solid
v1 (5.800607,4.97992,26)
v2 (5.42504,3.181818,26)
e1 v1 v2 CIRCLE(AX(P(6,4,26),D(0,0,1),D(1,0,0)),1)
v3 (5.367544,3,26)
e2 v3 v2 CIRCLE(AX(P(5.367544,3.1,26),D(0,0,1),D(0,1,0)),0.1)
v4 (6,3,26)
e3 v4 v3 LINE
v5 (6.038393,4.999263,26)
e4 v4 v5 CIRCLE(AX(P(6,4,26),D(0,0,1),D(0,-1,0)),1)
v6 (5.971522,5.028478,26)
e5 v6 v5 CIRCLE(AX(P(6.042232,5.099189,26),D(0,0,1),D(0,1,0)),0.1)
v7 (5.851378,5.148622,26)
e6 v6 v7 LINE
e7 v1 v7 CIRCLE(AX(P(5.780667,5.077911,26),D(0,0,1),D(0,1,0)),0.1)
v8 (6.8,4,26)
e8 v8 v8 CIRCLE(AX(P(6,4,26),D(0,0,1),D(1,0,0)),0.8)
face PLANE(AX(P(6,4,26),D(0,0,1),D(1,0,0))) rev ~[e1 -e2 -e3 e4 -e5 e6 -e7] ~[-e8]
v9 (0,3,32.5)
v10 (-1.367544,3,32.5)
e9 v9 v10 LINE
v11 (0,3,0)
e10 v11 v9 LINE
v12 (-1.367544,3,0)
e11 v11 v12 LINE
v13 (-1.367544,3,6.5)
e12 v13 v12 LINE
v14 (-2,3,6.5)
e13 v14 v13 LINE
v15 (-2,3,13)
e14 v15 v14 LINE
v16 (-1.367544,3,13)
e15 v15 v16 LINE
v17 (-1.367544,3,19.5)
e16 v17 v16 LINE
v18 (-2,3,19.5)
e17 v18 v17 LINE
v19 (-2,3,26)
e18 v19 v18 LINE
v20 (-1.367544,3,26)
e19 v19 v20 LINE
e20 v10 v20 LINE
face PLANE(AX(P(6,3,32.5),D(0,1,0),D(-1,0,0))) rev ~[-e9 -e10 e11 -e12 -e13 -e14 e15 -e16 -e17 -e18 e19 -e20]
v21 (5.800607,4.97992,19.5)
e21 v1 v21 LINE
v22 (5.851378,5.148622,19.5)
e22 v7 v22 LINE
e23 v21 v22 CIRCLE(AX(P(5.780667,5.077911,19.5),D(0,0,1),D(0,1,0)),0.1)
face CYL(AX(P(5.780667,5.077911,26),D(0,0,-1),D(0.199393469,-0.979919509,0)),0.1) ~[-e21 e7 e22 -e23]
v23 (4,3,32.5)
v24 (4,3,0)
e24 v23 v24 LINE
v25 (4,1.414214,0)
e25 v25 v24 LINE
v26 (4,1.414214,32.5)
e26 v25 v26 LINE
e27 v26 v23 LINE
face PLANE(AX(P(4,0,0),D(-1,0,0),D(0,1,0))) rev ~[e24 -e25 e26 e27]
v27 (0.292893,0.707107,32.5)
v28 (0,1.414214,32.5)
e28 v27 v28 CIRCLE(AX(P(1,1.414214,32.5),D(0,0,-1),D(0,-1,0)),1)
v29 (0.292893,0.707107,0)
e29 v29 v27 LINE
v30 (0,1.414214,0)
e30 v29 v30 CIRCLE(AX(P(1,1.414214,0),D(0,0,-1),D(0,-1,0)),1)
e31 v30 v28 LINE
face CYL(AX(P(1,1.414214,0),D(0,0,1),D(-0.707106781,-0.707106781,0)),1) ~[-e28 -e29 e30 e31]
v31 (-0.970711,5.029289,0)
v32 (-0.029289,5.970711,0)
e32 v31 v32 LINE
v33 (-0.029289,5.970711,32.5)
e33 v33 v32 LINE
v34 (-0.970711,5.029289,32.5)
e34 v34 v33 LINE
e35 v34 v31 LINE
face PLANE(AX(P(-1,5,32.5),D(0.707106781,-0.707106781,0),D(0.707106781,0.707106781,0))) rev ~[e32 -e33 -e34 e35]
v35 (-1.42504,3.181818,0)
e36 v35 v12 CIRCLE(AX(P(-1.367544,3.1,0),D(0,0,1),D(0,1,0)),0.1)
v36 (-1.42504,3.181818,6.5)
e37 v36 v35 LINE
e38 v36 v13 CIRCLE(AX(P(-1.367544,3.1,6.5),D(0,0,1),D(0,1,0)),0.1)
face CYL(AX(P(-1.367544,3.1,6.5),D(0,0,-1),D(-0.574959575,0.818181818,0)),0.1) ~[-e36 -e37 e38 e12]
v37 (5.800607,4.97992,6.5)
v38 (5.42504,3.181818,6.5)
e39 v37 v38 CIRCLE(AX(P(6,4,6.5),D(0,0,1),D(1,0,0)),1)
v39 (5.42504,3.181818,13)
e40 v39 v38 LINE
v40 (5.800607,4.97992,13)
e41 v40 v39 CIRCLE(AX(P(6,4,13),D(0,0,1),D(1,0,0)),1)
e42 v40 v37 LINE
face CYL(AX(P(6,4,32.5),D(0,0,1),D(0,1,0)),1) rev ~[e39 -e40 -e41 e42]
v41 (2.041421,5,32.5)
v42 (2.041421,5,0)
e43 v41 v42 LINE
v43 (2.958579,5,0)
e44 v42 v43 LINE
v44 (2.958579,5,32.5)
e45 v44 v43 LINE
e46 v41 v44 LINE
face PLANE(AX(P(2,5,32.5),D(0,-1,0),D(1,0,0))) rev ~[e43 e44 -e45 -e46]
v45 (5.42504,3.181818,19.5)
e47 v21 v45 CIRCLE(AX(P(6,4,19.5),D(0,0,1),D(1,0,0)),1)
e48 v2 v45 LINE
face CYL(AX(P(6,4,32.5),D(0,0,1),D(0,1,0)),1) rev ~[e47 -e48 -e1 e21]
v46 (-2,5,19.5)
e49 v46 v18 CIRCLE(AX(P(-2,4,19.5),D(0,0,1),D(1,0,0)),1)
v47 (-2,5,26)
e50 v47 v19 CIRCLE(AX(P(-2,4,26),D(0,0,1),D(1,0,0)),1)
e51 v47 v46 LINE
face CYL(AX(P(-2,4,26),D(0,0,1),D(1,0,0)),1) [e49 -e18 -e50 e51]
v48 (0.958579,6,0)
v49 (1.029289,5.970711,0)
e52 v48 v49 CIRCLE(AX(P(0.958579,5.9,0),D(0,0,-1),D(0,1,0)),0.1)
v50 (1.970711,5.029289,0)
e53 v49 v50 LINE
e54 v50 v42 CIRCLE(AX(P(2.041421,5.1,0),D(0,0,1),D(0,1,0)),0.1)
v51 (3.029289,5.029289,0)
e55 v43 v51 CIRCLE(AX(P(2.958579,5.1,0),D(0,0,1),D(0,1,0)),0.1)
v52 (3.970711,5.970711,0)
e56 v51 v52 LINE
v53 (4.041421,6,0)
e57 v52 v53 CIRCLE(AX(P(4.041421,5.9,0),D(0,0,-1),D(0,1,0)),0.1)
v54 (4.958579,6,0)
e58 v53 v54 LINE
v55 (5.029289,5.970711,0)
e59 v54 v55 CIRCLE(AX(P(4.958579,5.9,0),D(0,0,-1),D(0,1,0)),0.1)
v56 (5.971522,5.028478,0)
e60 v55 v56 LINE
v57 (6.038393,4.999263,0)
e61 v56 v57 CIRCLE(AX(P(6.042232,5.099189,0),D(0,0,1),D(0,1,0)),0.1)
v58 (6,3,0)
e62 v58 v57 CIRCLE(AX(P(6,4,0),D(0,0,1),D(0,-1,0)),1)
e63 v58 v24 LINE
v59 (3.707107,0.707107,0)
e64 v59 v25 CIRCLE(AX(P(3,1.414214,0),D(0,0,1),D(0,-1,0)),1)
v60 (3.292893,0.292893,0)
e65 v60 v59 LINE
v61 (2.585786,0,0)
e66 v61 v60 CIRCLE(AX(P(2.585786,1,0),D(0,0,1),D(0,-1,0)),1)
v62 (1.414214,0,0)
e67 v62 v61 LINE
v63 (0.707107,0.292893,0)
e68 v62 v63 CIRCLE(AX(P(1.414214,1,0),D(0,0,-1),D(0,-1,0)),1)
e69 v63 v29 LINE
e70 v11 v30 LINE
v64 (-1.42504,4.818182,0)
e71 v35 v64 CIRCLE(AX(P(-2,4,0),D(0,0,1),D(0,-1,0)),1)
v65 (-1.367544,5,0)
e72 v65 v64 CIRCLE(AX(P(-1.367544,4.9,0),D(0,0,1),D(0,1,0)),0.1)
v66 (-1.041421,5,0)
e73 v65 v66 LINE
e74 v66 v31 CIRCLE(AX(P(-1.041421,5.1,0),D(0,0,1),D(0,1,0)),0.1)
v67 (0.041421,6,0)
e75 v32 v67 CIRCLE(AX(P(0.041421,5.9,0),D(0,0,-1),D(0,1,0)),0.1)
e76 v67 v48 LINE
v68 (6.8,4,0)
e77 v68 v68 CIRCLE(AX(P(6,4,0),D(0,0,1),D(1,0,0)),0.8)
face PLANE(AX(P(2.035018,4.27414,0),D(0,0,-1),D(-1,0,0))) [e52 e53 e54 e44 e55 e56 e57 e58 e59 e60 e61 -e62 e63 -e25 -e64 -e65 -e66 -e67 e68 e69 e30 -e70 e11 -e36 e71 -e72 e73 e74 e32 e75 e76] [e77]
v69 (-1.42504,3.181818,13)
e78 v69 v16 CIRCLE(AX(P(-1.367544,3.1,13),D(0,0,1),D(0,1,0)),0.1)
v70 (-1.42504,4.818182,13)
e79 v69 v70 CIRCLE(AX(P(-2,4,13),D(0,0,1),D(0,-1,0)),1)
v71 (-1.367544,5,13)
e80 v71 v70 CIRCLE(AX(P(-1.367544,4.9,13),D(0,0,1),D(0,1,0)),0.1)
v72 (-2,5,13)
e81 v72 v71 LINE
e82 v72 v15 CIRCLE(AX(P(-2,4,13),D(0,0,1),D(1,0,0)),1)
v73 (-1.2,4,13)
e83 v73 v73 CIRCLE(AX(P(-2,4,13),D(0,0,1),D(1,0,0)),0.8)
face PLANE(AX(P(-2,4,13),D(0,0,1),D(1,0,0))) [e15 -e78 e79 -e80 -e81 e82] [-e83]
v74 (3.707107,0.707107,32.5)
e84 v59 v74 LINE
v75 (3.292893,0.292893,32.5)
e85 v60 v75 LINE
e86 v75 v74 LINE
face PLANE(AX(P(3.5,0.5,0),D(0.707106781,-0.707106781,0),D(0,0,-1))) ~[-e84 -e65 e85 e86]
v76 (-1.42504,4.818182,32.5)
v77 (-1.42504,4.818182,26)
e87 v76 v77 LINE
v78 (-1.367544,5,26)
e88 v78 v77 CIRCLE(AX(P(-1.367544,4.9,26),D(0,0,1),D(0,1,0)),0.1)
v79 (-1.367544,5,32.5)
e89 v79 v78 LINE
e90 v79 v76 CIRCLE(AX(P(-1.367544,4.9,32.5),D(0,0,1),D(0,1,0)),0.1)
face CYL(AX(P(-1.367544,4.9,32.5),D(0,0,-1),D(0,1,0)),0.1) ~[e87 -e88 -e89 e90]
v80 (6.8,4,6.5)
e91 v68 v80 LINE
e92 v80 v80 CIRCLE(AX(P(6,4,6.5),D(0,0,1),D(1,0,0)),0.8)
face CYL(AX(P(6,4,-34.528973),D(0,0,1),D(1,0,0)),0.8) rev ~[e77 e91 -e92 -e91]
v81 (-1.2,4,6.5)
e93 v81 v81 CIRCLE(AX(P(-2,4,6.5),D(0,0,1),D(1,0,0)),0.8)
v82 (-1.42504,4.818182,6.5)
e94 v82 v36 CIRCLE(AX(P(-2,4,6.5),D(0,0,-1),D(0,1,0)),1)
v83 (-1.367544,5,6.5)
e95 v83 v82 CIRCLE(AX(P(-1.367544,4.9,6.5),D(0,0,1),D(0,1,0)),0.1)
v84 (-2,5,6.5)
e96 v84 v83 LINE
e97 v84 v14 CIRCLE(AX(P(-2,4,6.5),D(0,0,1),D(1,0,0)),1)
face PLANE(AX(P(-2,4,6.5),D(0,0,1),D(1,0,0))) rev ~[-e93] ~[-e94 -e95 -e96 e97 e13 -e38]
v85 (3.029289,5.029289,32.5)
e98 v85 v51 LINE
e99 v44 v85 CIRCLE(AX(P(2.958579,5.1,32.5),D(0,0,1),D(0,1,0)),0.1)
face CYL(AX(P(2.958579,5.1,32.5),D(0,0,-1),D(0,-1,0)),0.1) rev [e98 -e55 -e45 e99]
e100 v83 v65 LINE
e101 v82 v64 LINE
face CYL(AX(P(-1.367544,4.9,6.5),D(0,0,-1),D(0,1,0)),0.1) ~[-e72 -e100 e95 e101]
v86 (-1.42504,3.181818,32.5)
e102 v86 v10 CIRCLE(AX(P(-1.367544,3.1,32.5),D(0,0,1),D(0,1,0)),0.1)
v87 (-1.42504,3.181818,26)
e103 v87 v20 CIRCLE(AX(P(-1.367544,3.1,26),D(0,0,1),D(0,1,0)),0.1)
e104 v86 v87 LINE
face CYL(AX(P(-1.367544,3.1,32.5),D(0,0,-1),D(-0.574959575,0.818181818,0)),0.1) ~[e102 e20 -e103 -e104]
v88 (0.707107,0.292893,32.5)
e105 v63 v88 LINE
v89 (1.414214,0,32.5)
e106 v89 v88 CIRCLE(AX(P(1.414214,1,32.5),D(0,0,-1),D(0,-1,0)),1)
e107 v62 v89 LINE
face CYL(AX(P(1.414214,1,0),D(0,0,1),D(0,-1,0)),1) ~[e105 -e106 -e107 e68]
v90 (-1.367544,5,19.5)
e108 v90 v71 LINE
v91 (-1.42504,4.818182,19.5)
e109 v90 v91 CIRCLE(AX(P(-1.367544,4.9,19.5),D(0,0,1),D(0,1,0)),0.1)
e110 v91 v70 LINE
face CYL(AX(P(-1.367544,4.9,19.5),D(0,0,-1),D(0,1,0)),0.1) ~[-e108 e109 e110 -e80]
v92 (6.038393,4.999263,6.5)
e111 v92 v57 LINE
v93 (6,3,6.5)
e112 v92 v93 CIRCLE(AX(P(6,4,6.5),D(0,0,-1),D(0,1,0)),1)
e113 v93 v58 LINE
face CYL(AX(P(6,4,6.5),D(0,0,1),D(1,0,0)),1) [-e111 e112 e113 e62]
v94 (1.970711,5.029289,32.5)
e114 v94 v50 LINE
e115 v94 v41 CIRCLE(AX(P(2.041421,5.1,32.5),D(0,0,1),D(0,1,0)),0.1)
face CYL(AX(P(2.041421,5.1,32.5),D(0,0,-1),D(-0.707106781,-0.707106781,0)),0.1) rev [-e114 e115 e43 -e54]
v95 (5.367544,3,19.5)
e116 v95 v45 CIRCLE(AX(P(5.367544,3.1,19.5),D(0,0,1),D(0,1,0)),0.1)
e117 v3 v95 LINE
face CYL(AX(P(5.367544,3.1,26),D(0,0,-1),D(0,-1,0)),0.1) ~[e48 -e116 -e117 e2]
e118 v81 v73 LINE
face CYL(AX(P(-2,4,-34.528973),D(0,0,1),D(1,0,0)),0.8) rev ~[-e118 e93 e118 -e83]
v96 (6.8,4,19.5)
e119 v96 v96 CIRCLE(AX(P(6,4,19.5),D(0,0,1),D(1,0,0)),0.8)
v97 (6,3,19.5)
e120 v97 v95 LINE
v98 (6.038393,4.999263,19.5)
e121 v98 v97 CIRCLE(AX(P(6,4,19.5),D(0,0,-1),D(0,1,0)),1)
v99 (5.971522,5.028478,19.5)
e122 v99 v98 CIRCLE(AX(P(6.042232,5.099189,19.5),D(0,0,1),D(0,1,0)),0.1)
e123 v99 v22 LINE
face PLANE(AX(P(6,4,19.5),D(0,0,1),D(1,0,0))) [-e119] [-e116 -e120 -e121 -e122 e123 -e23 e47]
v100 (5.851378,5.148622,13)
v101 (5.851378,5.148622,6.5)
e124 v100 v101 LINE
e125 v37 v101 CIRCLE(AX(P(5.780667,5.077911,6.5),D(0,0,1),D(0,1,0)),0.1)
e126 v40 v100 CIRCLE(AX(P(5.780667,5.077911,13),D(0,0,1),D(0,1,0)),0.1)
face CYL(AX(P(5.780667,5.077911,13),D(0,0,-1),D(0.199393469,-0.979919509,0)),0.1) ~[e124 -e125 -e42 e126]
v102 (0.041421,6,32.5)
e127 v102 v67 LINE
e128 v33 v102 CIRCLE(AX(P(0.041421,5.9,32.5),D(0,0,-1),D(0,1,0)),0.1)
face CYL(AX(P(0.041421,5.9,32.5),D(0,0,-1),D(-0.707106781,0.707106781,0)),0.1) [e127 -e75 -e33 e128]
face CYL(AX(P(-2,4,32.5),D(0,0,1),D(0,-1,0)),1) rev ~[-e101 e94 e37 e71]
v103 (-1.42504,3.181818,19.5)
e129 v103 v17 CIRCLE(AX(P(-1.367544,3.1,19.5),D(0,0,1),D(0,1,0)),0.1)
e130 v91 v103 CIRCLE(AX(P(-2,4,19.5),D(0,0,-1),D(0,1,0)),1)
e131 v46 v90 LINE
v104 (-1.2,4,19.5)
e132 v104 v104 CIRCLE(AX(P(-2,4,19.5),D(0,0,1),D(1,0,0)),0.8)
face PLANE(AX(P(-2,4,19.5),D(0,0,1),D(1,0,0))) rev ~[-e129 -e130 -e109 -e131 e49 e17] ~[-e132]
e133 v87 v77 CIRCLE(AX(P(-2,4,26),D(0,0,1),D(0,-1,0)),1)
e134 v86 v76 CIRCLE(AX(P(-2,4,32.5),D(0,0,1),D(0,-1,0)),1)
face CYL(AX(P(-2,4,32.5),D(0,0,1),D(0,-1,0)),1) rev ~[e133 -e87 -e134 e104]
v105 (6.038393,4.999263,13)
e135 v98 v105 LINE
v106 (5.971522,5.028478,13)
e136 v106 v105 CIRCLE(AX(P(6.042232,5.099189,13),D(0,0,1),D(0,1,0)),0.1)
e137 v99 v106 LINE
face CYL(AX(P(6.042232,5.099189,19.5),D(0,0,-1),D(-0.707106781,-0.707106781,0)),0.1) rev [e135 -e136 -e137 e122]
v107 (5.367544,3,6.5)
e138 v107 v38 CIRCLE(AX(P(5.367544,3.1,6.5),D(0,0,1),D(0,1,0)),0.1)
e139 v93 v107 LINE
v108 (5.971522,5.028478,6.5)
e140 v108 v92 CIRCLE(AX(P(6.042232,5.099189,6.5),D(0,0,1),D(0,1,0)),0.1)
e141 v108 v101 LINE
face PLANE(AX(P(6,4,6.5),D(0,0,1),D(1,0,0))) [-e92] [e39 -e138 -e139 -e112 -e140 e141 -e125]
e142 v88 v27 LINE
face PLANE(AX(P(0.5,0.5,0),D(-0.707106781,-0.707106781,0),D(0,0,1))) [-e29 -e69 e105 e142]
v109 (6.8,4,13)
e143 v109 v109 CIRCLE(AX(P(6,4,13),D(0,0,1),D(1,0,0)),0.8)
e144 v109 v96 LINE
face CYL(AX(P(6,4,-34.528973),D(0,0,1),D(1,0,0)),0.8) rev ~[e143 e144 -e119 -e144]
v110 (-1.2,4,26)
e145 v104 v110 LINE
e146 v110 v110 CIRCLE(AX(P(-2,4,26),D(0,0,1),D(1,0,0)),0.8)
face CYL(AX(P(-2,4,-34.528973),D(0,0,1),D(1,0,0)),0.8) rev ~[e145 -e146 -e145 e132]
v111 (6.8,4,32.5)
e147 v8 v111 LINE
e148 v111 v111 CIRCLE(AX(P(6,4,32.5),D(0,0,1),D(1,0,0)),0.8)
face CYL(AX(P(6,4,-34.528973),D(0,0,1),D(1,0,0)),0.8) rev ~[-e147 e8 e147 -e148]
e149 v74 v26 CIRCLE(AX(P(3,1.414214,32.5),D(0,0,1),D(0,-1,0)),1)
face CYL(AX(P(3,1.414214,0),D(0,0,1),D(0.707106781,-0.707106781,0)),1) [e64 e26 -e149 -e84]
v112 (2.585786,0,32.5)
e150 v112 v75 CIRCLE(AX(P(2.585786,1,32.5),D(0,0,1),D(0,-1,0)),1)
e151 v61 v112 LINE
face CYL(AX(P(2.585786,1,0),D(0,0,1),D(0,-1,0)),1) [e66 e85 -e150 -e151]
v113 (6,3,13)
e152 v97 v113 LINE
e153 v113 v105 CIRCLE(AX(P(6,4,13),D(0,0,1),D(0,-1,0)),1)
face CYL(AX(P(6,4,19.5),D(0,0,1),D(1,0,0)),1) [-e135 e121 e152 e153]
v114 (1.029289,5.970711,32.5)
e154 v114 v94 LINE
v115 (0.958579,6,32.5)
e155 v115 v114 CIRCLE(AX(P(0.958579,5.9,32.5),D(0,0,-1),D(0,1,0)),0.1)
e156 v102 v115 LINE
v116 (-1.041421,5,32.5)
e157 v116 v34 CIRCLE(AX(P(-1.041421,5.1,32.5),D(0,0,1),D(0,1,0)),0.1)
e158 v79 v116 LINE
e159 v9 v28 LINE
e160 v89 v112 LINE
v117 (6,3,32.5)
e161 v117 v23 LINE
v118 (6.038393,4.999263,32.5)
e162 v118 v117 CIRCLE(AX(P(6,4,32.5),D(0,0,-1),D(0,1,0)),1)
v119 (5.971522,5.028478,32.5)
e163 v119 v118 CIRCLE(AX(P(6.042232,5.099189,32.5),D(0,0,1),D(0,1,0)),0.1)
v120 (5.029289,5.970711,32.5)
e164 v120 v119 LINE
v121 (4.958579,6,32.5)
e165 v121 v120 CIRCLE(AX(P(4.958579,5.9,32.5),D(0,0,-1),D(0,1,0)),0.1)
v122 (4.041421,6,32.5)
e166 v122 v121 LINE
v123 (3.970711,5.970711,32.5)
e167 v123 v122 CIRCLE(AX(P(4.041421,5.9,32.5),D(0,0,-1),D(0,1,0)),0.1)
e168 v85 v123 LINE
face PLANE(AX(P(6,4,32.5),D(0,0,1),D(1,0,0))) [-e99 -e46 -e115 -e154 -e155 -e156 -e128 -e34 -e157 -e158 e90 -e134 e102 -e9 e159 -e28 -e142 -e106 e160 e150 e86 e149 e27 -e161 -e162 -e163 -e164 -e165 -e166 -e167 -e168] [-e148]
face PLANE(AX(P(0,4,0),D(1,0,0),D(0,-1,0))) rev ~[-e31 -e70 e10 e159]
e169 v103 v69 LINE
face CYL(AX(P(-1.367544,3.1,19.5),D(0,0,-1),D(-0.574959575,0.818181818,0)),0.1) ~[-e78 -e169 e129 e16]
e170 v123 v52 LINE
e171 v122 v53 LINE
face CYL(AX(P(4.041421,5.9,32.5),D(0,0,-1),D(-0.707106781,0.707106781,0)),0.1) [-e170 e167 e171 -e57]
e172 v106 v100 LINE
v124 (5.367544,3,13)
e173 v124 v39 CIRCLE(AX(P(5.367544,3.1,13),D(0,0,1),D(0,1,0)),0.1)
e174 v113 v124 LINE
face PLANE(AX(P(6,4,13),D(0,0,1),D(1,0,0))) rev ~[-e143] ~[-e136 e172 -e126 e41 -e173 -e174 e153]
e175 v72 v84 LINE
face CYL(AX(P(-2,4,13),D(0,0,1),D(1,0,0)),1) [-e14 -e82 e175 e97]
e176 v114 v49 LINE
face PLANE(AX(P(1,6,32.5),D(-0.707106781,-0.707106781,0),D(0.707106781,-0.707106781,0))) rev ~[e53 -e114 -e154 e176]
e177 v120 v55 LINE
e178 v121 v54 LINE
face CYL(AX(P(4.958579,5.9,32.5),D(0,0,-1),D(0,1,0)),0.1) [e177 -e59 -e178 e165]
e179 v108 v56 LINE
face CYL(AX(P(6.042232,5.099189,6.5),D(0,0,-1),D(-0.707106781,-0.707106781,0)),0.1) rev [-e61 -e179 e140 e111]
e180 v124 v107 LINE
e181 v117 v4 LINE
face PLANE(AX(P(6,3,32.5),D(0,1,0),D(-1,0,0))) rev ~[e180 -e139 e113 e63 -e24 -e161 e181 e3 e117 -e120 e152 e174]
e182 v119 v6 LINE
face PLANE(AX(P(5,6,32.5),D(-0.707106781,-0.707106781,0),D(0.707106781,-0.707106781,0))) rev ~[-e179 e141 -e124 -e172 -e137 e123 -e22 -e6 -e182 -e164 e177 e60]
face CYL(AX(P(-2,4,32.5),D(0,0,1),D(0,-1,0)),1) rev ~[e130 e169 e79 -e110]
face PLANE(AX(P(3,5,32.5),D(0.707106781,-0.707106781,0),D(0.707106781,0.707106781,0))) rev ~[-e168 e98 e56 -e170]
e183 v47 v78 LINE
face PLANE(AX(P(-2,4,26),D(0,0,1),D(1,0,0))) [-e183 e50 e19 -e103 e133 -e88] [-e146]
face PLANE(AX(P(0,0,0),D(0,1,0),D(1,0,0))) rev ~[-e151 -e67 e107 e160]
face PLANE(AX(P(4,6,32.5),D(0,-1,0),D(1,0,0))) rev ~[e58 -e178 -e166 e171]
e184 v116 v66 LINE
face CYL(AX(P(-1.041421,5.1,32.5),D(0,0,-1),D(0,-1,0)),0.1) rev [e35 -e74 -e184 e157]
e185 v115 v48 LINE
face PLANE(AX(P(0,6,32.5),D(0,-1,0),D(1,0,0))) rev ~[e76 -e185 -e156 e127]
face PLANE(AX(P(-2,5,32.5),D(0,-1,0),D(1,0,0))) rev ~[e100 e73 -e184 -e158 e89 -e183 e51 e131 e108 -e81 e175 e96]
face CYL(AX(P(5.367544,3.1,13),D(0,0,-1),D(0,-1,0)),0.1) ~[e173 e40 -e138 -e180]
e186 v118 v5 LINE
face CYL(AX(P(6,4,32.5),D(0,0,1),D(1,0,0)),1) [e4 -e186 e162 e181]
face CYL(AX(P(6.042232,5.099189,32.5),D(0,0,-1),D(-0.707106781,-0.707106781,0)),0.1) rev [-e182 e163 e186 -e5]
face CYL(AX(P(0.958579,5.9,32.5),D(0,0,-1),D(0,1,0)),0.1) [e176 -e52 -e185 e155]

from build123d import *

# Parameters (mm, degrees)
BOSS_EXTRUDE1_DEPTH  = 32.5
CHAMFER1_SIZE        = 1
FILLET1_R            = 1
BOSS_EXTRUDE7_DEPTH  = 32.5
SKETCH3_R            = 0.9999999999999979
BOSS_EXTRUDE9_DEPTH  = 6.5
LPATTERN2_COUNT      = 3
LPATTERN2_PITCH      = 13
SKETCH5_R            = 1.0000000000000002
BOSS_EXTRUDE10_DEPTH = 6.5
LPATTERN3_COUNT      = 2
LPATTERN3_PITCH      = 13
FILLET2_R            = 0.1
M2_TAPPED_HOLE1_D    = 1.6
FILLET3_R            = 0.1


with BuildPart() as part:
    # Sketch1 → Boss-Extrude1 (new body)
    with BuildSketch(Plane.XY):
        Polygon((0, 0), (4, 0), (3.9999999999999982, 4), (-1.73e-15, 4), align=None)
    extrude(amount=BOSS_EXTRUDE1_DEPTH)

    # Chamfer1
    chamfer1_edges = [part.edges().sort_by_distance(p)[0] for p in [
        (4, 0, 16.25),
        (0, 0, 16.25),
    ]]
    chamfer(chamfer1_edges, length=CHAMFER1_SIZE)

    # Fillet1
    fillet1_edges = [part.edges().sort_by_distance(p)[0] for p in [
        (3, 0, 16.25),
        (1, 0, 16.25),
        (-4.3e-16, 1, 16.25),
        (3.9999999999999996, 1, 16.25),
    ]]
    fillet(fillet1_edges, radius=FILLET1_R)

    # Sketch2 → Boss-Extrude7 (add)
    with BuildSketch(Plane.XY.offset(32.5)):
        with BuildLine():
            Line((-1.73e-15, 3), (-2, 2.9999999999999996))
            ThreePointArc((-2, 2.9999999999999996), (-1.0000000000000009, 4), (-2, 4.999999999999999))
            Line((-2, 4.999999999999999), (-1.0000000000000009, 4.999999999999999))
            Line((-1.0000000000000009, 4.999999999999999), (-1.74e-15, 6.000000000000002))
            Line((-1.74e-15, 6.000000000000002), (1, 6))
            Line((1, 6), (2.000000000000004, 4.999999999999999))
            Line((2.000000000000004, 4.999999999999999), (3.000000000000002, 4.999999999999997))
            Line((3.000000000000002, 4.999999999999997), (4.000000000000002, 6))
            Line((4.000000000000002, 6), (5.0000000000000036, 5.999999999999998))
            Line((5.0000000000000036, 5.999999999999998), (6.000000000000008, 4.999999999999997))
            ThreePointArc((6.000000000000008, 4.999999999999997), (5.000000000000009, 3.9999999999999982), (6.000000000000008, 3))
            Line((6.000000000000008, 3), (-1.73e-15, 3))
        make_face()
    extrude(amount=-BOSS_EXTRUDE7_DEPTH)

    # Sketch3 → Boss-Extrude9 (add)
    with BuildSketch(Plane.XY.offset(32.5)):
        with Locations((6.000000000000008, 3.9999999999999982)):
            Circle(SKETCH3_R)
    boss_extrude9 = extrude(amount=-BOSS_EXTRUDE9_DEPTH)

    # LPattern2: Boss-Extrude9 ×3
    with Locations(*[(0, 0, -i * LPATTERN2_PITCH) for i in range(1, LPATTERN2_COUNT)]):
        add(boss_extrude9)

    # Sketch5 → Boss-Extrude10 (add)
    with BuildSketch(Plane.XY.offset(26.000000000000004)):
        with Locations((-2, 4)):
            Circle(SKETCH5_R)
    boss_extrude10 = extrude(amount=-BOSS_EXTRUDE10_DEPTH)

    # LPattern3: Boss-Extrude10 ×2
    with Locations(*[(0, 0, -i * LPATTERN3_PITCH) for i in range(1, LPATTERN3_COUNT)]):
        add(boss_extrude10)

    # Fillet2
    fillet2_edges = [part.edges().sort_by_distance(p)[0] for p in [
        (6.000000000000008, 4.999999999999998, 9.75),
        (6.000000000000008, 3, 9.75),
        (-2, 4.999999999999999, 29.25),
        (-2, 2.9999999999999996, 29.25),
        (-2, 4.999999999999999, 16.250000000000004),
        (-2, 2.9999999999999996, 16.250000000000004),
        (-2, 2.9999999999999996, 3.25),
        (-2, 4.999999999999999, 3.25),
        (6.000000000000008, 4.999999999999998, 22.75),
        (6.000000000000008, 3, 22.75),
    ]]
    fillet(fillet2_edges, radius=FILLET2_R)

    # M2 Tapped Hole1 (through all)
    with Locations(Plane(origin=(0, 0, 0), x_dir=(-1, 0, 0), z_dir=(0, 0, -1))):
        with Locations((-6, 4), (2, 4)):
            Hole(M2_TAPPED_HOLE1_D / 2)

    # Fillet3
    fillet3_edges = [part.edges().sort_by_distance(p)[0] for p in [
        (6.000000000000008, 4.999999999999998, 3.25),
        (-1.0000000000000009, 4.999999999999999, 16.25),
        (-1.74e-15, 6.000000000000002, 16.25),
        (1, 6, 16.25),
        (2.000000000000004, 4.999999999999999, 16.25),
        (3.000000000000002, 4.999999999999997, 16.25),
        (4.000000000000002, 6, 16.25),
        (5.0000000000000036, 5.999999999999998, 16.25),
        (6.000000000000008, 4.999999999999998, 29.25),
        (6.000000000000008, 4.999999999999998, 16.25),
    ]]
    fillet(fillet3_edges, radius=FILLET3_R)


solid = part.part
